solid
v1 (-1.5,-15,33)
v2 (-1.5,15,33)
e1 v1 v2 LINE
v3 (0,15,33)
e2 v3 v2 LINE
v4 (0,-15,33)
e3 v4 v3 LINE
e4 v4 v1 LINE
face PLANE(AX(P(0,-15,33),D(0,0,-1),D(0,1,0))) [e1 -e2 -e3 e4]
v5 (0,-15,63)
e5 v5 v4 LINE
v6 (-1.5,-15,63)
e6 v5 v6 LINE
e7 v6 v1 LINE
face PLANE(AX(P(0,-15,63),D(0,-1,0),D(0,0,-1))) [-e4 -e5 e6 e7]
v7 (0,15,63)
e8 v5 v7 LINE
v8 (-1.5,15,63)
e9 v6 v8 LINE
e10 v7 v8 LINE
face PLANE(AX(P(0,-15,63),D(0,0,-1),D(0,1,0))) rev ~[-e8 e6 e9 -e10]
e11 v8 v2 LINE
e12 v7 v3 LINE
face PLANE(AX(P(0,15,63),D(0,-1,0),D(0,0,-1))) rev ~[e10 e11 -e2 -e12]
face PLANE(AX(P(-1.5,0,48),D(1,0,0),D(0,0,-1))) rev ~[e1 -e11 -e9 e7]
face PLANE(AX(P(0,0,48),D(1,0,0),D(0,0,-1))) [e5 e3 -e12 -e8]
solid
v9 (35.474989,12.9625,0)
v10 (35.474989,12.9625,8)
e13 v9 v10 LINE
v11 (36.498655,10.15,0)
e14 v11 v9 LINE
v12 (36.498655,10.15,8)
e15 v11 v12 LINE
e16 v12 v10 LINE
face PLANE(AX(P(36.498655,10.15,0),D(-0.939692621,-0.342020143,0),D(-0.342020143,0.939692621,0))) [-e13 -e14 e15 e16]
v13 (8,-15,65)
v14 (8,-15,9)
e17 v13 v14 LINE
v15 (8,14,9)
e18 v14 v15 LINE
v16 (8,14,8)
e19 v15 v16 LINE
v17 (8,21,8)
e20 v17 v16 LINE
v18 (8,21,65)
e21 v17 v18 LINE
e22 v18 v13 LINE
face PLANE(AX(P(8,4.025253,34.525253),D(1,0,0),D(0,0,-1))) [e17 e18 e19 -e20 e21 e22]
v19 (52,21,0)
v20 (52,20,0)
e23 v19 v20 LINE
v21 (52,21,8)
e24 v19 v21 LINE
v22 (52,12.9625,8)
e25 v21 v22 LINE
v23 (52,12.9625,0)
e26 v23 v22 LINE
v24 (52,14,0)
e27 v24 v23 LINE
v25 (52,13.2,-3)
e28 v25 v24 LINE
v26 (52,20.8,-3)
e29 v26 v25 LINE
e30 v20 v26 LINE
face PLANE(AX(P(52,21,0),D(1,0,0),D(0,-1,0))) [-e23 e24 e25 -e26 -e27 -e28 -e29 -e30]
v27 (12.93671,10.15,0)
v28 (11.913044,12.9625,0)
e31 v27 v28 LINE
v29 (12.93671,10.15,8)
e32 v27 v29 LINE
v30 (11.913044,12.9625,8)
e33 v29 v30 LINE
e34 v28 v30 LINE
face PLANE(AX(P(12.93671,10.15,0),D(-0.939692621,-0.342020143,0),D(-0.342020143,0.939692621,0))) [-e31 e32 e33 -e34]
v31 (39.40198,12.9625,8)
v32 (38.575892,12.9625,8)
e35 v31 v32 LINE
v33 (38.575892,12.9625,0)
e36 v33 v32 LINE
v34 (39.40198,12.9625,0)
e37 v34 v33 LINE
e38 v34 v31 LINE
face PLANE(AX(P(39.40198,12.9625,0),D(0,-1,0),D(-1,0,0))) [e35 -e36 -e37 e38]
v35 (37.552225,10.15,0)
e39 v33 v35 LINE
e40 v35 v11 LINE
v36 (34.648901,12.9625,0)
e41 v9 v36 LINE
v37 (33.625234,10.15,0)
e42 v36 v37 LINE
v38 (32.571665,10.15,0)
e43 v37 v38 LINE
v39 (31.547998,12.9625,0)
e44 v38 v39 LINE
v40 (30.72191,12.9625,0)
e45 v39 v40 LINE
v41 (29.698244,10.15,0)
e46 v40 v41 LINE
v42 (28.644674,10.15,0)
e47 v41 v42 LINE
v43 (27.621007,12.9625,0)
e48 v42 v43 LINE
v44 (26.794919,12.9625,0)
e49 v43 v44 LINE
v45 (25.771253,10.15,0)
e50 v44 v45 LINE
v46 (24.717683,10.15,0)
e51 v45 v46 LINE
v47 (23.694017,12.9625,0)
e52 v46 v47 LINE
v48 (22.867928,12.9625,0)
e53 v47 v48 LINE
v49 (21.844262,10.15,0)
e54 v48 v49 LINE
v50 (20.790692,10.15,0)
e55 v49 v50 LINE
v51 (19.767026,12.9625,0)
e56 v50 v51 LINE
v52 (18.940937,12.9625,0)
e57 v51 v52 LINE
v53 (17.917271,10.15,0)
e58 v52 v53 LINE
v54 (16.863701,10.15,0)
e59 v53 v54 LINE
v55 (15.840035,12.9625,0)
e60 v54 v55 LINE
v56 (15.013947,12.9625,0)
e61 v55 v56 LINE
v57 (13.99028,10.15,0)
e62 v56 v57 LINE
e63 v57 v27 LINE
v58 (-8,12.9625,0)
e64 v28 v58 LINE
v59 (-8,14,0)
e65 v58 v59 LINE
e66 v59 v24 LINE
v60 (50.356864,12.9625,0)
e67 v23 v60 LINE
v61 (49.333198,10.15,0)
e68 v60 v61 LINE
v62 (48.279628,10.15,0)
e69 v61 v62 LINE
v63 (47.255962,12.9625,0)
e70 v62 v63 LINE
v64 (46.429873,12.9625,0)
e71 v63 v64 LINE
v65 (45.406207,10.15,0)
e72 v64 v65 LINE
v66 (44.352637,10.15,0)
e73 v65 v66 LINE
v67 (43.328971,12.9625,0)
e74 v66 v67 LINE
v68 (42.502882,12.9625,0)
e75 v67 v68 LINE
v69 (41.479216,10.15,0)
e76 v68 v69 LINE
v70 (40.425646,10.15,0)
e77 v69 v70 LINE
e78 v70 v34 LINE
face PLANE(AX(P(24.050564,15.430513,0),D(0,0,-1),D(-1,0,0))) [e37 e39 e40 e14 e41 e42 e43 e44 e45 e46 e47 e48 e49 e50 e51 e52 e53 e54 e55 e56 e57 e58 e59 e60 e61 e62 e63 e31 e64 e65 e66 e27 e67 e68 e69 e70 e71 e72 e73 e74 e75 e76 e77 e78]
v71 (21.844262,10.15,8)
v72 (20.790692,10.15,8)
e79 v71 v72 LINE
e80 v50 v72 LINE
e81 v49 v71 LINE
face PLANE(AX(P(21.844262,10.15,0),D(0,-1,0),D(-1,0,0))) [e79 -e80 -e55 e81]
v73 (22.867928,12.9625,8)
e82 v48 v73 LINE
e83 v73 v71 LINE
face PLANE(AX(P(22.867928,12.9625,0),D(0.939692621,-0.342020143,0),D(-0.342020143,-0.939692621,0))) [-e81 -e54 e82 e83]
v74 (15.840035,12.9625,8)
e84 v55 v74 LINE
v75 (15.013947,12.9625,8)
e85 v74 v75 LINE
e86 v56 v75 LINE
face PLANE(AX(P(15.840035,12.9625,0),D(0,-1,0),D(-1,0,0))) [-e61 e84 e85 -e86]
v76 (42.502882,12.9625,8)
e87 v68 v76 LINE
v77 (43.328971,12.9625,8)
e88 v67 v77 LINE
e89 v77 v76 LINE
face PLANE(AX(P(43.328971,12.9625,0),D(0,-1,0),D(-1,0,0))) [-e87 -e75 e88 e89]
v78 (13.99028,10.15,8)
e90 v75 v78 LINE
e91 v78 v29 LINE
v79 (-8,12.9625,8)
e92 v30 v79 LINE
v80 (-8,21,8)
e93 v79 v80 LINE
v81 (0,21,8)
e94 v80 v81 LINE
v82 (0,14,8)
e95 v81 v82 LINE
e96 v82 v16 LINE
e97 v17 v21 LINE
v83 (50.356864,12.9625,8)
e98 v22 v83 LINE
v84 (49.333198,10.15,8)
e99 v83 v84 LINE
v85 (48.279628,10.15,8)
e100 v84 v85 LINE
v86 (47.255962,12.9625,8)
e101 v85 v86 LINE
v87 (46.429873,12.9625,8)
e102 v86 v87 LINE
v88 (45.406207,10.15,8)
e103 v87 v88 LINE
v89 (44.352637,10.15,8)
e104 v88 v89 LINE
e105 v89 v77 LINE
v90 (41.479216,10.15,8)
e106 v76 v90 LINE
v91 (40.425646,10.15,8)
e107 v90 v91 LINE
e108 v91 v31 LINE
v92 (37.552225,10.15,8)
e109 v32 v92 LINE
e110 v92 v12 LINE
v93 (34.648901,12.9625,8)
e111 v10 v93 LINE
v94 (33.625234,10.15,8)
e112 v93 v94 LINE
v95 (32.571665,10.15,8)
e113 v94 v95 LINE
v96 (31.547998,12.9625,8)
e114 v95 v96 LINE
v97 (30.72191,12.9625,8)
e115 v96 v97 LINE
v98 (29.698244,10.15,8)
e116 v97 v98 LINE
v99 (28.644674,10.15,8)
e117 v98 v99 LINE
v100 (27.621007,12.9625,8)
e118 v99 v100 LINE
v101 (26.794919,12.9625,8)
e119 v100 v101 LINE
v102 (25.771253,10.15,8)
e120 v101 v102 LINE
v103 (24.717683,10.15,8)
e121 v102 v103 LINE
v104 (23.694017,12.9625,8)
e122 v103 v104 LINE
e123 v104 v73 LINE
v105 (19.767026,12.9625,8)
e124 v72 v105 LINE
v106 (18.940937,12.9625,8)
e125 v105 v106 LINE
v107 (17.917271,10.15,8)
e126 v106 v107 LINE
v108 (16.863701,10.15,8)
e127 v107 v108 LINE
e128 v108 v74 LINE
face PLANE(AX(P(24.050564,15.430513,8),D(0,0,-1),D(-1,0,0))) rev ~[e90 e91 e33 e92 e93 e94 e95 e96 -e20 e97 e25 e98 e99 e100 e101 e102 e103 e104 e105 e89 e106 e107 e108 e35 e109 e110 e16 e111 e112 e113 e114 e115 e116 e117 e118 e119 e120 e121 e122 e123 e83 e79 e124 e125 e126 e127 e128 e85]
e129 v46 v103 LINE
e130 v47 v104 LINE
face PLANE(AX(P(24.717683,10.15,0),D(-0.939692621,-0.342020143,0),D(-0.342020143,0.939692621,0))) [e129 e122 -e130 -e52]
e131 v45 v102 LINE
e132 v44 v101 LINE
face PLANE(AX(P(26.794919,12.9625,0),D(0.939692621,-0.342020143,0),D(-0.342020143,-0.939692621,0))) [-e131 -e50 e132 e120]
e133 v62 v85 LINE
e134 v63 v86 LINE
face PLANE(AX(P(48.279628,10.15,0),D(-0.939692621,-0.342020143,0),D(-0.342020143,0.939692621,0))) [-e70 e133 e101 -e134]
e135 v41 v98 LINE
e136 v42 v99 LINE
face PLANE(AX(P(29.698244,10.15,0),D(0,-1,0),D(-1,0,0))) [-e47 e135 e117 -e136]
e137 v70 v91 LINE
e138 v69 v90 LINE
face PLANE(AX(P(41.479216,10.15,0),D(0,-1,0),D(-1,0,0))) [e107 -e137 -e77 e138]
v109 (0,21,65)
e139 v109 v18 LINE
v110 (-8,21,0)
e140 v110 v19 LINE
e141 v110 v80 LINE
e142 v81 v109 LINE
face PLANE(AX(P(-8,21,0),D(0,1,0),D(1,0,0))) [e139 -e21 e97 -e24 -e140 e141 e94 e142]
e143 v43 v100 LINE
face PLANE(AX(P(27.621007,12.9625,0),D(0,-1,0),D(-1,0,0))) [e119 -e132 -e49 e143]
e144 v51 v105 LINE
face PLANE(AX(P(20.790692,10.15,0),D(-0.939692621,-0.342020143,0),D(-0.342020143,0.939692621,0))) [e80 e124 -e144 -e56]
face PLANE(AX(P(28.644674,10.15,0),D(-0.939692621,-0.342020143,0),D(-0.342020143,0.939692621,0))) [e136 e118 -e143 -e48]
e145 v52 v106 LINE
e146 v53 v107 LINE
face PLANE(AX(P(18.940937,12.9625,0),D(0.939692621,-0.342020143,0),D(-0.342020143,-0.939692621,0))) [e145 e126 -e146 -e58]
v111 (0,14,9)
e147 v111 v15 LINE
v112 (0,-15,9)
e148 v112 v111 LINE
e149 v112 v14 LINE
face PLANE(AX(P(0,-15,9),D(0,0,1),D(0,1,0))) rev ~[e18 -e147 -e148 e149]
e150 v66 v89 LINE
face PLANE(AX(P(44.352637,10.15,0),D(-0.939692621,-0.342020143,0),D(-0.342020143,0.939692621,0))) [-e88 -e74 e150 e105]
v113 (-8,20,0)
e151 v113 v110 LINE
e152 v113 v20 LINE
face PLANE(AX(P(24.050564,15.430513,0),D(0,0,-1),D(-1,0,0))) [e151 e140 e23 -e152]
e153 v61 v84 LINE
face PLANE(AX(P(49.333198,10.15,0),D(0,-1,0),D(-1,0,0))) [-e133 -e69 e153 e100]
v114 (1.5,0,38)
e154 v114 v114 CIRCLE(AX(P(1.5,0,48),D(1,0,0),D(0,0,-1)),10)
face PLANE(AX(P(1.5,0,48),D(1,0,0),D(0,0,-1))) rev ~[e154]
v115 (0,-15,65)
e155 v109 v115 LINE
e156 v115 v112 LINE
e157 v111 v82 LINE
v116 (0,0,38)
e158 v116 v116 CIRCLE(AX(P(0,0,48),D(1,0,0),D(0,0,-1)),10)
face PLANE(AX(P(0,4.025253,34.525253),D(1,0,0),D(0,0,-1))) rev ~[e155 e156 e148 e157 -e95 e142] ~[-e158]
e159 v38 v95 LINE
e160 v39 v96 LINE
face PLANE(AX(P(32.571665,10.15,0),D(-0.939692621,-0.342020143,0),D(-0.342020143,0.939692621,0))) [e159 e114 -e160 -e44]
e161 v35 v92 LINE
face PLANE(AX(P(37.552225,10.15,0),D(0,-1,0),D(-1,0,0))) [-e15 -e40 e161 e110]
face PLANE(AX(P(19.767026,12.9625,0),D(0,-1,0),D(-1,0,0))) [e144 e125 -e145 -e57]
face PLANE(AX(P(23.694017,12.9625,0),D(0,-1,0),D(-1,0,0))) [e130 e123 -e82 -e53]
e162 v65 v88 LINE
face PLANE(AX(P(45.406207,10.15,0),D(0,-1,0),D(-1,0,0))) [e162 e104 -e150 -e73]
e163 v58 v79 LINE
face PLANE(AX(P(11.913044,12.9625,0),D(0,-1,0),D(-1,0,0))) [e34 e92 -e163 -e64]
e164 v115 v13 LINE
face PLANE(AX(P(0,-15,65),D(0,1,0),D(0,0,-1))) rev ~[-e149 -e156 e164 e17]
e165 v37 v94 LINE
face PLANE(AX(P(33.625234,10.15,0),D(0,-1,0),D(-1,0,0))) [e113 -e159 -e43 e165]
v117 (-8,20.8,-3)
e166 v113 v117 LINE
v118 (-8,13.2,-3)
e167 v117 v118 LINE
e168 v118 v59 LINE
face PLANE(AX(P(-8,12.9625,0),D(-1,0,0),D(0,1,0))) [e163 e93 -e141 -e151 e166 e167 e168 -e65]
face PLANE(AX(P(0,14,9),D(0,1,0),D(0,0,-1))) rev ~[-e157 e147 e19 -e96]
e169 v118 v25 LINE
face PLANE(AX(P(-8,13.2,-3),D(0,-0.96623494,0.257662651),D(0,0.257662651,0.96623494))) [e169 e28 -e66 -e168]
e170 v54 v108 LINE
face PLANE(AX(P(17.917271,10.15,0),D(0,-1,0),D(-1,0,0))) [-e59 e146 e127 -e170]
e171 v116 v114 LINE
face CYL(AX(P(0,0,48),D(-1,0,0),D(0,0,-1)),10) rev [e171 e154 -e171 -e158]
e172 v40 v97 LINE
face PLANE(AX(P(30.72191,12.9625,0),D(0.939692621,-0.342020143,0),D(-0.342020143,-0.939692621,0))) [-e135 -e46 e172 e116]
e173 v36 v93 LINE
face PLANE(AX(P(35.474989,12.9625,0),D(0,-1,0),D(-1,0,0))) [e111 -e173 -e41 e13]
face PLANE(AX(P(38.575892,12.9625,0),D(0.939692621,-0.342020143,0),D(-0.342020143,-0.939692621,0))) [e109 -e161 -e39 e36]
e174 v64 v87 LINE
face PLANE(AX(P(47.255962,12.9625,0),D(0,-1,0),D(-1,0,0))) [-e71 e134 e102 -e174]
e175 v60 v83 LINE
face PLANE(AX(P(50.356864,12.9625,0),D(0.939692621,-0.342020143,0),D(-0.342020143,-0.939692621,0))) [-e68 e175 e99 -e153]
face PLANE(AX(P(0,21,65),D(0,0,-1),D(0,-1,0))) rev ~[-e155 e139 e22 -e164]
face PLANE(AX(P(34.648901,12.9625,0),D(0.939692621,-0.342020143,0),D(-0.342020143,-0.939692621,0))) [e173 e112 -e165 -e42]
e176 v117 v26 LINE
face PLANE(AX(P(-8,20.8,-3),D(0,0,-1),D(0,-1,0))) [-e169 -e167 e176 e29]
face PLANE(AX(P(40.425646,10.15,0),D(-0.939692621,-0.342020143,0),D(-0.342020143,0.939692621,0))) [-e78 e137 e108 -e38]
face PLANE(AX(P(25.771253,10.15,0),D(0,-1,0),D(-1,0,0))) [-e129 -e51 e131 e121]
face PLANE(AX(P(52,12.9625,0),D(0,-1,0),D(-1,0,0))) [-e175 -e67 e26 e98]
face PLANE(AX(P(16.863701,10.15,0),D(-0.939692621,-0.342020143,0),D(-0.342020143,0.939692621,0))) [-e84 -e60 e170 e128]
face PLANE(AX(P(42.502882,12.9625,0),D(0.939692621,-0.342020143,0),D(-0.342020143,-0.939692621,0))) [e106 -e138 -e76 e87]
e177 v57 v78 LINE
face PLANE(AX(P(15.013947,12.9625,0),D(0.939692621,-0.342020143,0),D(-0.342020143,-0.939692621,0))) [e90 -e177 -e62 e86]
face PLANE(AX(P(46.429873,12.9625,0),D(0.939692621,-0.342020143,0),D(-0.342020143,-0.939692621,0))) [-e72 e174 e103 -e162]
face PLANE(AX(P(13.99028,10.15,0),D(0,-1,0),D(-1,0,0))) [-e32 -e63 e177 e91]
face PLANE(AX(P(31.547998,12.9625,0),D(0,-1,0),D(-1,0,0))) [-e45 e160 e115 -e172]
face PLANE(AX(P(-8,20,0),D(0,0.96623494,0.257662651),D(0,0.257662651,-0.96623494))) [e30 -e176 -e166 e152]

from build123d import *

# Parameters (mm, degrees)
RACK_BODY_8MM_DEPTH             = 8
FINGER_ARM_8MM_DEPTH            = 8
DOVETAIL_TONGUE_52_8_DEPTH      = 52
DOVETAIL_TONGUE_52_8_DEPTH_BACK = 8
SENSOR_POCKET_PLACEHOLDER_R     = 10
SENSOR_POCKET_CUT_DEPTH         = 1.5
NEOPRENED_PAD_SKETCH_W          = 30
NEOPRENED_PAD_SKETCH_H          = 30
NEOPRENE_PAD_NOT_PRINTED_DEPTH  = 1.5


with BuildPart() as part:
    # Rack profile m1.25 → Rack body 8mm (new body)
    with BuildSketch(Plane.XY):
        Polygon((-8, 21), (52, 21), (52, 12.9625), (50.356863957, 12.9625), (49.333197673, 10.15), (48.27962785, 10.15), (47.255961566, 12.9625), (46.42987314, 12.9625), (45.406206856, 10.15), (44.352637033, 10.15), (43.328970749, 12.9625), (42.502882323, 12.9625), (41.479216039, 10.15), (40.425646216, 10.15), (39.401979932, 12.9625), (38.575891506, 12.9625), (37.552225222, 10.15), (36.498655399, 10.15), (35.474989115, 12.9625), (34.648900689, 12.9625), (33.625234405, 10.15), (32.571664582, 10.15), (31.547998298, 12.9625), (30.721909872, 12.9625), (29.698243588, 10.15), (28.644673765, 10.15), (27.621007481, 12.9625), (26.794919055, 12.9625), (25.771252771, 10.15), (24.717682948, 10.15), (23.694016664, 12.9625), (22.867928238, 12.9625), (21.844261954, 10.15), (20.790692131, 10.15), (19.767025847, 12.9625), (18.940937421, 12.9625), (17.917271137, 10.15), (16.863701314, 10.15), (15.84003503, 12.9625), (15.013946604, 12.9625), (13.99028032, 10.15), (12.936710497, 10.15), (11.913044213, 12.9625), (-8, 12.9625), align=None)
    extrude(amount=RACK_BODY_8MM_DEPTH)

    # Finger Arm Profile → Finger arm 8mm (add)
    with BuildSketch(Plane(origin=(0, 0, 0), x_dir=(0, 0, -1), z_dir=(1, 0, 0))):
        Polygon((-2, 21), (-65, 21), (-65, -15), (-9, -15), (-9, 14), (-2, 14), align=None)
    extrude(amount=FINGER_ARM_8MM_DEPTH)

    # Dovetail Tongue → Dovetail Tongue 52 + 8 (add, two sides: drawn at the far end of the back side and taken through both)
    with BuildSketch(Plane(origin=(0, 0, 0), x_dir=(0, 0, -1), z_dir=(1, 0, 0)).offset(-DOVETAIL_TONGUE_52_8_DEPTH_BACK)):
        Polygon((0, 14), (0, 20), (3, 20.8), (3, 13.2), align=None)
    extrude(amount=DOVETAIL_TONGUE_52_8_DEPTH + DOVETAIL_TONGUE_52_8_DEPTH_BACK)

    # Sensor Pocket Placeholder → Sensor Pocket Cut (cut)
    with BuildSketch(Plane(origin=(0, 0, 0), x_dir=(0, 0, -1), z_dir=(1, 0, 0))):
        with Locations((-48, 0)):
            Circle(SENSOR_POCKET_PLACEHOLDER_R)
    extrude(amount=SENSOR_POCKET_CUT_DEPTH, mode=Mode.SUBTRACT)


with BuildPart() as body_2:
    # Neoprened pad sketch → Neoprene pad (not printed) (new body)
    with BuildSketch(Plane(origin=(0, 0, 0), x_dir=(0, 0, -1), z_dir=(1, 0, 0))):
        with Locations((-48, 0)):
            Rectangle(NEOPRENED_PAD_SKETCH_W, NEOPRENED_PAD_SKETCH_H)
    extrude(amount=-NEOPRENE_PAD_NOT_PRINTED_DEPTH)


solid = Compound([part.part, body_2.part])
